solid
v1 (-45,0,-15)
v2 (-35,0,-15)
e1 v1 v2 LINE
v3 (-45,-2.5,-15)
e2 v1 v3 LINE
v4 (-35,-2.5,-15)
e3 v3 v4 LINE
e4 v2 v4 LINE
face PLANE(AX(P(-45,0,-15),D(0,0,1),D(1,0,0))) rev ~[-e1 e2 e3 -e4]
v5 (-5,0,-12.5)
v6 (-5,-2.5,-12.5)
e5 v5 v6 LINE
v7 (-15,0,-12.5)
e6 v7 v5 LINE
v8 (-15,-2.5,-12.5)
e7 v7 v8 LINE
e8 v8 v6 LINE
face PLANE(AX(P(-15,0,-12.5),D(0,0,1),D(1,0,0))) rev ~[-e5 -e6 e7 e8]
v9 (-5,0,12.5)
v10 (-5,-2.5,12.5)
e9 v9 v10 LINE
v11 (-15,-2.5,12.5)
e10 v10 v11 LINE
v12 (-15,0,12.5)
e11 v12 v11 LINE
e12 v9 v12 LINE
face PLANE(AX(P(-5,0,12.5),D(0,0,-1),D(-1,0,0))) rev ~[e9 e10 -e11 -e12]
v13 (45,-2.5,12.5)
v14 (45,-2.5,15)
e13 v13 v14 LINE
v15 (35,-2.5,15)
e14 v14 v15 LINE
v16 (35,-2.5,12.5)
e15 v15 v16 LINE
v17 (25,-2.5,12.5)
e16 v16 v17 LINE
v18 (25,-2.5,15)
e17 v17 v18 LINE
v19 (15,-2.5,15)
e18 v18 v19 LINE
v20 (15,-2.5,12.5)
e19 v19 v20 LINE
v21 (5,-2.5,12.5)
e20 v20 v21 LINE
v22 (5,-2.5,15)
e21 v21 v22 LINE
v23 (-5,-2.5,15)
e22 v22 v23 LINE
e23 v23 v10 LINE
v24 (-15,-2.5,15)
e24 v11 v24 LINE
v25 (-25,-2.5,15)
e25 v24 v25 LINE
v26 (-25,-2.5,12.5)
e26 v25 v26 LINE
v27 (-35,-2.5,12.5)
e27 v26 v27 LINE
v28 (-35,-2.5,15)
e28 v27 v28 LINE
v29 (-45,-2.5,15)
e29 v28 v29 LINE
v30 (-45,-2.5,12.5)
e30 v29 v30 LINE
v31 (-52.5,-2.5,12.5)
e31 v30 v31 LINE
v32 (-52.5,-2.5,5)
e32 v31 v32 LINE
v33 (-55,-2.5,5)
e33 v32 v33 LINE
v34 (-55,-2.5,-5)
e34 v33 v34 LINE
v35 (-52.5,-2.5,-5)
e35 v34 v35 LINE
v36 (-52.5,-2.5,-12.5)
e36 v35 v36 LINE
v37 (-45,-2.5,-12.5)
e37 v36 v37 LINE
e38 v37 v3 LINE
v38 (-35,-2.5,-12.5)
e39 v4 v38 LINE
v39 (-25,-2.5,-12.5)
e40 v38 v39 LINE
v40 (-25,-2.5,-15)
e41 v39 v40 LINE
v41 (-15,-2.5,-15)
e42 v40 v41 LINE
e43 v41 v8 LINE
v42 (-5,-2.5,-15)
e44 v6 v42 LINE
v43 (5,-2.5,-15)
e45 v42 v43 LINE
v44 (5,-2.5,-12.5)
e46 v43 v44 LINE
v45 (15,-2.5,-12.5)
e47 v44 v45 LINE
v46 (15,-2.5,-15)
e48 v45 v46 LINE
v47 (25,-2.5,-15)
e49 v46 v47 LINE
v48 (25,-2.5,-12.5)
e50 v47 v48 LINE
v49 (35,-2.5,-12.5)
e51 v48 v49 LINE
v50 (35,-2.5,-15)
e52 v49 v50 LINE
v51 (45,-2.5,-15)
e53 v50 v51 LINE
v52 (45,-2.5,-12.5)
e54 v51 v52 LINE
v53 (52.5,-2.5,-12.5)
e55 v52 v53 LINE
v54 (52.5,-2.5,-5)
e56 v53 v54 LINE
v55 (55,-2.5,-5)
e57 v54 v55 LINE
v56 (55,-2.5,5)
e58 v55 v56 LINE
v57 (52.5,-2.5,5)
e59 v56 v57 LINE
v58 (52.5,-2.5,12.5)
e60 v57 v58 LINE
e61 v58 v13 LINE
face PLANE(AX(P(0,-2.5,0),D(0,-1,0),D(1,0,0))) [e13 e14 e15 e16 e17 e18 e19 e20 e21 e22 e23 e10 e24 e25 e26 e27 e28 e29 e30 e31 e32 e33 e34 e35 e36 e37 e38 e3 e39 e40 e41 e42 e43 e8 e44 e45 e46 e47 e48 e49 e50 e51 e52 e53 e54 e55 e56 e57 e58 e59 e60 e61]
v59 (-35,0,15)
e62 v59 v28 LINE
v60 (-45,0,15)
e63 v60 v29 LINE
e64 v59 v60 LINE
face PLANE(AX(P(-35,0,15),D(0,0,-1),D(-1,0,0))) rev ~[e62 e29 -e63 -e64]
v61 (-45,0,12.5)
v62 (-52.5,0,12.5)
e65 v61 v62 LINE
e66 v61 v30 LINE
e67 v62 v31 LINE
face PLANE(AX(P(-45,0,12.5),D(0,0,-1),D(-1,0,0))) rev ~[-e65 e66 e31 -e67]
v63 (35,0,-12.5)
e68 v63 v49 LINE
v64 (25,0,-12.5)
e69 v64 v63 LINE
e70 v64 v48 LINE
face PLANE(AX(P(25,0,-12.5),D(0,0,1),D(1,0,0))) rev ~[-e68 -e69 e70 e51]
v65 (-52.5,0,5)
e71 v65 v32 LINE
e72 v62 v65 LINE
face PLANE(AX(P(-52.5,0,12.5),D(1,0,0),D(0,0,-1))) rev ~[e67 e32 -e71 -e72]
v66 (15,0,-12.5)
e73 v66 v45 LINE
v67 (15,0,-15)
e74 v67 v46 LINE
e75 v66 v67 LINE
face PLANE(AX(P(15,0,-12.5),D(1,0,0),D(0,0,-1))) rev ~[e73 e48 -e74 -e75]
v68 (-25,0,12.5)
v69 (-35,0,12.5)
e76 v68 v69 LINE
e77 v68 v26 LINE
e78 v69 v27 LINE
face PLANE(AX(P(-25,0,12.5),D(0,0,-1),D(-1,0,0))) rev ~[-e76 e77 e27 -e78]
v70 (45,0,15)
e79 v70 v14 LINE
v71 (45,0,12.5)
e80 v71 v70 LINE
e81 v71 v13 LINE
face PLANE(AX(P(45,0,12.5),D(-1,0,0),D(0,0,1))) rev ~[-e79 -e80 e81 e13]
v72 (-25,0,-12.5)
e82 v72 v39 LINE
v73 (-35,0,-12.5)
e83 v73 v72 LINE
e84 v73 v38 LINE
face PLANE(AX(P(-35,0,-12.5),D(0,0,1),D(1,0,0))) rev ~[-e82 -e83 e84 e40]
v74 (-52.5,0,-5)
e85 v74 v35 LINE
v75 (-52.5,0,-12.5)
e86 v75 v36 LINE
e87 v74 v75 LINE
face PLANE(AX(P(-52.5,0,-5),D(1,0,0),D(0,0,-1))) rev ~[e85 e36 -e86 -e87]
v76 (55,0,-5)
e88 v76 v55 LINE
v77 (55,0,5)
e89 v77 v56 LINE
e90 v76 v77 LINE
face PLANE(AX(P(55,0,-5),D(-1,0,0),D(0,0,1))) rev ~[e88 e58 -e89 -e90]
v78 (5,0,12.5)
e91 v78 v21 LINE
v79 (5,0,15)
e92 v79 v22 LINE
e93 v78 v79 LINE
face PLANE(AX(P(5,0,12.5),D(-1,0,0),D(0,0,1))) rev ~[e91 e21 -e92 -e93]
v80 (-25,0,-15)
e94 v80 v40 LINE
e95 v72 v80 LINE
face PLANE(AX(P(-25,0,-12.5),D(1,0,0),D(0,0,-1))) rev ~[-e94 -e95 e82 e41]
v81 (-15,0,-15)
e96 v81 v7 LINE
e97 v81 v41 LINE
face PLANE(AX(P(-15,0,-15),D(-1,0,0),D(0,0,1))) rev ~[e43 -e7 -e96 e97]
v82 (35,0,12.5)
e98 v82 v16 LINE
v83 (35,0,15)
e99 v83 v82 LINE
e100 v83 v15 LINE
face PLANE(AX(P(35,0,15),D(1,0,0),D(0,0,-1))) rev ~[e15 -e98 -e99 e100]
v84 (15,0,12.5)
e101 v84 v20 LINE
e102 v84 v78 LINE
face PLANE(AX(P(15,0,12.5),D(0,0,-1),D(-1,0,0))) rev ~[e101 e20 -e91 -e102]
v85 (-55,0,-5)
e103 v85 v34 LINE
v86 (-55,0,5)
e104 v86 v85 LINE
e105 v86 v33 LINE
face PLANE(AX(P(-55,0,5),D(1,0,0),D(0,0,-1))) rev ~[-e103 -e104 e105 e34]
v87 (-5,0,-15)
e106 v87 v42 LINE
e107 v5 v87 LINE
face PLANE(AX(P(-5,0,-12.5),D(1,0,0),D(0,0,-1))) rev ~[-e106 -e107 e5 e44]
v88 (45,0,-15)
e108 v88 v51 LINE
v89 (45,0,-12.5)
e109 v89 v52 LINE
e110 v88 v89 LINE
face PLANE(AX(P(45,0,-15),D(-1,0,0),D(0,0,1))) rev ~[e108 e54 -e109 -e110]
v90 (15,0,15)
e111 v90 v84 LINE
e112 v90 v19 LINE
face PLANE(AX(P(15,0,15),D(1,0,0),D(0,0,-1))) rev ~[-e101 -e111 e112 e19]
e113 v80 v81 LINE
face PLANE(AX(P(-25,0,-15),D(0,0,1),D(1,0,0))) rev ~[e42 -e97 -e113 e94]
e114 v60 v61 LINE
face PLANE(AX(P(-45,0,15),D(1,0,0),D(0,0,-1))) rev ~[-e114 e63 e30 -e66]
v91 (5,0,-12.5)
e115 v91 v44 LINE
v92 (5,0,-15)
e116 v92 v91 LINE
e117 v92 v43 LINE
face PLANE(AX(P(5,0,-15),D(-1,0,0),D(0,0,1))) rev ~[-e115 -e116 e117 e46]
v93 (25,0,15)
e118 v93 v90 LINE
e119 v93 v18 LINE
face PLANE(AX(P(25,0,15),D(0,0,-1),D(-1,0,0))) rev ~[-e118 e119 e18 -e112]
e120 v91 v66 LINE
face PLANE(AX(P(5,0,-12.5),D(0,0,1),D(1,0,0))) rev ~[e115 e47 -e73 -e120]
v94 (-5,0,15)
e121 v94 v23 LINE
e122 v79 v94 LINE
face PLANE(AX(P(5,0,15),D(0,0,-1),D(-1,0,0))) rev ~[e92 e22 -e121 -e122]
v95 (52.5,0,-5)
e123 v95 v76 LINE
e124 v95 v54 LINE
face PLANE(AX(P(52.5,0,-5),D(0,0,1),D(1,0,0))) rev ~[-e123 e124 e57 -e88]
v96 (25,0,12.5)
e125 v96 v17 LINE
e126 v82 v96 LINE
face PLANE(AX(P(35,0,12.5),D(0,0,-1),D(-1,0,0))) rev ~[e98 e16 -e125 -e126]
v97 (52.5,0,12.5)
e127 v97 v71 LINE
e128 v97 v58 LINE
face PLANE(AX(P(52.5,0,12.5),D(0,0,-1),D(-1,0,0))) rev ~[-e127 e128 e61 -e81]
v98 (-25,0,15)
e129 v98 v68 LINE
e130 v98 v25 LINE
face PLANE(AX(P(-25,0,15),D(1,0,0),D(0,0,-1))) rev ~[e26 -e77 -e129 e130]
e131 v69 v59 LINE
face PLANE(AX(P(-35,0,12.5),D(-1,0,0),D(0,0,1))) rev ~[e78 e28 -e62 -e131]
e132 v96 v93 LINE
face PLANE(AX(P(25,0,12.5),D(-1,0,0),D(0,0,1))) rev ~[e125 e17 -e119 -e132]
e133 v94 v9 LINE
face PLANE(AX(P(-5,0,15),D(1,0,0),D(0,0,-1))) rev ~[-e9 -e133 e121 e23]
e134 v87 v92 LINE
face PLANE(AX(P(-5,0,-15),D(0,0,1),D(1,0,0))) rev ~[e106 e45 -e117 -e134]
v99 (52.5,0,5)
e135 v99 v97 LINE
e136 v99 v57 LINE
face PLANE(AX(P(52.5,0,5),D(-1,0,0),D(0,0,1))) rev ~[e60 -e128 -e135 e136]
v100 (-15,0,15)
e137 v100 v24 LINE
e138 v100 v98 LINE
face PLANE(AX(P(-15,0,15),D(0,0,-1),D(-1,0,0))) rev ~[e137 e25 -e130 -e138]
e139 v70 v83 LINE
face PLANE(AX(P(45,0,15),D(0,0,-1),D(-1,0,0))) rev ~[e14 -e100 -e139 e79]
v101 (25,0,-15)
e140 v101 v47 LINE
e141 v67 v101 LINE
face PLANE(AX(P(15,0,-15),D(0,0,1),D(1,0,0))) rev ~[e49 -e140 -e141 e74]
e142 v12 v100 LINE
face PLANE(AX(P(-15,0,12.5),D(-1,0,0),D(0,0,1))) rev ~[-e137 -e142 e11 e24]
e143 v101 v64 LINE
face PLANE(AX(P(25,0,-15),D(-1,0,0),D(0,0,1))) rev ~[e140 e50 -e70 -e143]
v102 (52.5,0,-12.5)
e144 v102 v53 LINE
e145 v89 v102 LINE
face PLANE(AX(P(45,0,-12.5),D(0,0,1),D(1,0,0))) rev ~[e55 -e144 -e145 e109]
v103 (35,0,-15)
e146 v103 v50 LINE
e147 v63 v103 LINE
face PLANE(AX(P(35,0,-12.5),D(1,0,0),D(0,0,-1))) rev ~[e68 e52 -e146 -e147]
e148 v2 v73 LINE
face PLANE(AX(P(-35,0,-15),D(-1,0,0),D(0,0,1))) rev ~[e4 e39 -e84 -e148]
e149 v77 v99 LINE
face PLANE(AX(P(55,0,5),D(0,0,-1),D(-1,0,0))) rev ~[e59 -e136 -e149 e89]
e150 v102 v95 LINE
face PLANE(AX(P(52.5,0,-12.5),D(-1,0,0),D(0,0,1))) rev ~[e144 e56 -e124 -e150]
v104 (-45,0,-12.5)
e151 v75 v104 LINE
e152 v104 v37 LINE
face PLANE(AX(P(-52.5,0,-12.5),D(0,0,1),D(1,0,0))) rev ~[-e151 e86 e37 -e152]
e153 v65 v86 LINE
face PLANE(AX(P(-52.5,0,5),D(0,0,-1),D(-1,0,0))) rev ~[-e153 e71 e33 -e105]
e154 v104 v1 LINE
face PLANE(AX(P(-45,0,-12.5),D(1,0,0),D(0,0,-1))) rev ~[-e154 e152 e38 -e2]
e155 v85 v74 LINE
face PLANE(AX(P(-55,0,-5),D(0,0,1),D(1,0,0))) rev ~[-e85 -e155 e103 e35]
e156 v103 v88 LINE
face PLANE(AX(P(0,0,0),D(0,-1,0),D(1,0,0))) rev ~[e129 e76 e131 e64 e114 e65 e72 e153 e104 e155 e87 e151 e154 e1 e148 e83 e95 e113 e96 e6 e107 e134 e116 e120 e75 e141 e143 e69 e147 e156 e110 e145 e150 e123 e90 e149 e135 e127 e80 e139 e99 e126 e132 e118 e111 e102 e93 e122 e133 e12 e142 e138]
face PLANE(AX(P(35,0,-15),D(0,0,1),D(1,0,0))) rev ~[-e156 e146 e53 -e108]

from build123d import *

# Parameters (mm, degrees)
F1_DEPTH = 2.5


with BuildPart() as f1:
    # F0 (on Front) → F1 (new body)
    with BuildSketch(Plane.XZ):
        Polygon((45, 12.5), (45, 15), (35, 15), (35, 12.5), (25, 12.5), (25, 15), (15, 15), (15, 12.5), (5, 12.5), (5, 15), (-5, 15), (-5, 12.5), (-15, 12.5), (-15, 15), (-25, 15), (-25, 12.5), (-35, 12.5), (-35, 15), (-45, 15), (-45, 12.5), (-52.5, 12.5), (-52.5, 5), (-55, 5), (-55, -5), (-52.5, -5), (-52.5, -12.5), (-45, -12.5), (-45, -15), (-35, -15), (-35, -12.5), (-25, -12.5), (-25, -15), (-15, -15), (-15, -12.5), (-5, -12.5), (-5, -15), (5, -15), (5, -12.5), (15, -12.5), (15, -15), (25, -15), (25, -12.5), (35, -12.5), (35, -15), (45, -15), (45, -12.5), (52.5, -12.5), (52.5, -5), (55, -5), (55, 5), (52.5, 5), (52.5, 12.5), align=None)
    extrude(amount=F1_DEPTH)


solid = f1.part
